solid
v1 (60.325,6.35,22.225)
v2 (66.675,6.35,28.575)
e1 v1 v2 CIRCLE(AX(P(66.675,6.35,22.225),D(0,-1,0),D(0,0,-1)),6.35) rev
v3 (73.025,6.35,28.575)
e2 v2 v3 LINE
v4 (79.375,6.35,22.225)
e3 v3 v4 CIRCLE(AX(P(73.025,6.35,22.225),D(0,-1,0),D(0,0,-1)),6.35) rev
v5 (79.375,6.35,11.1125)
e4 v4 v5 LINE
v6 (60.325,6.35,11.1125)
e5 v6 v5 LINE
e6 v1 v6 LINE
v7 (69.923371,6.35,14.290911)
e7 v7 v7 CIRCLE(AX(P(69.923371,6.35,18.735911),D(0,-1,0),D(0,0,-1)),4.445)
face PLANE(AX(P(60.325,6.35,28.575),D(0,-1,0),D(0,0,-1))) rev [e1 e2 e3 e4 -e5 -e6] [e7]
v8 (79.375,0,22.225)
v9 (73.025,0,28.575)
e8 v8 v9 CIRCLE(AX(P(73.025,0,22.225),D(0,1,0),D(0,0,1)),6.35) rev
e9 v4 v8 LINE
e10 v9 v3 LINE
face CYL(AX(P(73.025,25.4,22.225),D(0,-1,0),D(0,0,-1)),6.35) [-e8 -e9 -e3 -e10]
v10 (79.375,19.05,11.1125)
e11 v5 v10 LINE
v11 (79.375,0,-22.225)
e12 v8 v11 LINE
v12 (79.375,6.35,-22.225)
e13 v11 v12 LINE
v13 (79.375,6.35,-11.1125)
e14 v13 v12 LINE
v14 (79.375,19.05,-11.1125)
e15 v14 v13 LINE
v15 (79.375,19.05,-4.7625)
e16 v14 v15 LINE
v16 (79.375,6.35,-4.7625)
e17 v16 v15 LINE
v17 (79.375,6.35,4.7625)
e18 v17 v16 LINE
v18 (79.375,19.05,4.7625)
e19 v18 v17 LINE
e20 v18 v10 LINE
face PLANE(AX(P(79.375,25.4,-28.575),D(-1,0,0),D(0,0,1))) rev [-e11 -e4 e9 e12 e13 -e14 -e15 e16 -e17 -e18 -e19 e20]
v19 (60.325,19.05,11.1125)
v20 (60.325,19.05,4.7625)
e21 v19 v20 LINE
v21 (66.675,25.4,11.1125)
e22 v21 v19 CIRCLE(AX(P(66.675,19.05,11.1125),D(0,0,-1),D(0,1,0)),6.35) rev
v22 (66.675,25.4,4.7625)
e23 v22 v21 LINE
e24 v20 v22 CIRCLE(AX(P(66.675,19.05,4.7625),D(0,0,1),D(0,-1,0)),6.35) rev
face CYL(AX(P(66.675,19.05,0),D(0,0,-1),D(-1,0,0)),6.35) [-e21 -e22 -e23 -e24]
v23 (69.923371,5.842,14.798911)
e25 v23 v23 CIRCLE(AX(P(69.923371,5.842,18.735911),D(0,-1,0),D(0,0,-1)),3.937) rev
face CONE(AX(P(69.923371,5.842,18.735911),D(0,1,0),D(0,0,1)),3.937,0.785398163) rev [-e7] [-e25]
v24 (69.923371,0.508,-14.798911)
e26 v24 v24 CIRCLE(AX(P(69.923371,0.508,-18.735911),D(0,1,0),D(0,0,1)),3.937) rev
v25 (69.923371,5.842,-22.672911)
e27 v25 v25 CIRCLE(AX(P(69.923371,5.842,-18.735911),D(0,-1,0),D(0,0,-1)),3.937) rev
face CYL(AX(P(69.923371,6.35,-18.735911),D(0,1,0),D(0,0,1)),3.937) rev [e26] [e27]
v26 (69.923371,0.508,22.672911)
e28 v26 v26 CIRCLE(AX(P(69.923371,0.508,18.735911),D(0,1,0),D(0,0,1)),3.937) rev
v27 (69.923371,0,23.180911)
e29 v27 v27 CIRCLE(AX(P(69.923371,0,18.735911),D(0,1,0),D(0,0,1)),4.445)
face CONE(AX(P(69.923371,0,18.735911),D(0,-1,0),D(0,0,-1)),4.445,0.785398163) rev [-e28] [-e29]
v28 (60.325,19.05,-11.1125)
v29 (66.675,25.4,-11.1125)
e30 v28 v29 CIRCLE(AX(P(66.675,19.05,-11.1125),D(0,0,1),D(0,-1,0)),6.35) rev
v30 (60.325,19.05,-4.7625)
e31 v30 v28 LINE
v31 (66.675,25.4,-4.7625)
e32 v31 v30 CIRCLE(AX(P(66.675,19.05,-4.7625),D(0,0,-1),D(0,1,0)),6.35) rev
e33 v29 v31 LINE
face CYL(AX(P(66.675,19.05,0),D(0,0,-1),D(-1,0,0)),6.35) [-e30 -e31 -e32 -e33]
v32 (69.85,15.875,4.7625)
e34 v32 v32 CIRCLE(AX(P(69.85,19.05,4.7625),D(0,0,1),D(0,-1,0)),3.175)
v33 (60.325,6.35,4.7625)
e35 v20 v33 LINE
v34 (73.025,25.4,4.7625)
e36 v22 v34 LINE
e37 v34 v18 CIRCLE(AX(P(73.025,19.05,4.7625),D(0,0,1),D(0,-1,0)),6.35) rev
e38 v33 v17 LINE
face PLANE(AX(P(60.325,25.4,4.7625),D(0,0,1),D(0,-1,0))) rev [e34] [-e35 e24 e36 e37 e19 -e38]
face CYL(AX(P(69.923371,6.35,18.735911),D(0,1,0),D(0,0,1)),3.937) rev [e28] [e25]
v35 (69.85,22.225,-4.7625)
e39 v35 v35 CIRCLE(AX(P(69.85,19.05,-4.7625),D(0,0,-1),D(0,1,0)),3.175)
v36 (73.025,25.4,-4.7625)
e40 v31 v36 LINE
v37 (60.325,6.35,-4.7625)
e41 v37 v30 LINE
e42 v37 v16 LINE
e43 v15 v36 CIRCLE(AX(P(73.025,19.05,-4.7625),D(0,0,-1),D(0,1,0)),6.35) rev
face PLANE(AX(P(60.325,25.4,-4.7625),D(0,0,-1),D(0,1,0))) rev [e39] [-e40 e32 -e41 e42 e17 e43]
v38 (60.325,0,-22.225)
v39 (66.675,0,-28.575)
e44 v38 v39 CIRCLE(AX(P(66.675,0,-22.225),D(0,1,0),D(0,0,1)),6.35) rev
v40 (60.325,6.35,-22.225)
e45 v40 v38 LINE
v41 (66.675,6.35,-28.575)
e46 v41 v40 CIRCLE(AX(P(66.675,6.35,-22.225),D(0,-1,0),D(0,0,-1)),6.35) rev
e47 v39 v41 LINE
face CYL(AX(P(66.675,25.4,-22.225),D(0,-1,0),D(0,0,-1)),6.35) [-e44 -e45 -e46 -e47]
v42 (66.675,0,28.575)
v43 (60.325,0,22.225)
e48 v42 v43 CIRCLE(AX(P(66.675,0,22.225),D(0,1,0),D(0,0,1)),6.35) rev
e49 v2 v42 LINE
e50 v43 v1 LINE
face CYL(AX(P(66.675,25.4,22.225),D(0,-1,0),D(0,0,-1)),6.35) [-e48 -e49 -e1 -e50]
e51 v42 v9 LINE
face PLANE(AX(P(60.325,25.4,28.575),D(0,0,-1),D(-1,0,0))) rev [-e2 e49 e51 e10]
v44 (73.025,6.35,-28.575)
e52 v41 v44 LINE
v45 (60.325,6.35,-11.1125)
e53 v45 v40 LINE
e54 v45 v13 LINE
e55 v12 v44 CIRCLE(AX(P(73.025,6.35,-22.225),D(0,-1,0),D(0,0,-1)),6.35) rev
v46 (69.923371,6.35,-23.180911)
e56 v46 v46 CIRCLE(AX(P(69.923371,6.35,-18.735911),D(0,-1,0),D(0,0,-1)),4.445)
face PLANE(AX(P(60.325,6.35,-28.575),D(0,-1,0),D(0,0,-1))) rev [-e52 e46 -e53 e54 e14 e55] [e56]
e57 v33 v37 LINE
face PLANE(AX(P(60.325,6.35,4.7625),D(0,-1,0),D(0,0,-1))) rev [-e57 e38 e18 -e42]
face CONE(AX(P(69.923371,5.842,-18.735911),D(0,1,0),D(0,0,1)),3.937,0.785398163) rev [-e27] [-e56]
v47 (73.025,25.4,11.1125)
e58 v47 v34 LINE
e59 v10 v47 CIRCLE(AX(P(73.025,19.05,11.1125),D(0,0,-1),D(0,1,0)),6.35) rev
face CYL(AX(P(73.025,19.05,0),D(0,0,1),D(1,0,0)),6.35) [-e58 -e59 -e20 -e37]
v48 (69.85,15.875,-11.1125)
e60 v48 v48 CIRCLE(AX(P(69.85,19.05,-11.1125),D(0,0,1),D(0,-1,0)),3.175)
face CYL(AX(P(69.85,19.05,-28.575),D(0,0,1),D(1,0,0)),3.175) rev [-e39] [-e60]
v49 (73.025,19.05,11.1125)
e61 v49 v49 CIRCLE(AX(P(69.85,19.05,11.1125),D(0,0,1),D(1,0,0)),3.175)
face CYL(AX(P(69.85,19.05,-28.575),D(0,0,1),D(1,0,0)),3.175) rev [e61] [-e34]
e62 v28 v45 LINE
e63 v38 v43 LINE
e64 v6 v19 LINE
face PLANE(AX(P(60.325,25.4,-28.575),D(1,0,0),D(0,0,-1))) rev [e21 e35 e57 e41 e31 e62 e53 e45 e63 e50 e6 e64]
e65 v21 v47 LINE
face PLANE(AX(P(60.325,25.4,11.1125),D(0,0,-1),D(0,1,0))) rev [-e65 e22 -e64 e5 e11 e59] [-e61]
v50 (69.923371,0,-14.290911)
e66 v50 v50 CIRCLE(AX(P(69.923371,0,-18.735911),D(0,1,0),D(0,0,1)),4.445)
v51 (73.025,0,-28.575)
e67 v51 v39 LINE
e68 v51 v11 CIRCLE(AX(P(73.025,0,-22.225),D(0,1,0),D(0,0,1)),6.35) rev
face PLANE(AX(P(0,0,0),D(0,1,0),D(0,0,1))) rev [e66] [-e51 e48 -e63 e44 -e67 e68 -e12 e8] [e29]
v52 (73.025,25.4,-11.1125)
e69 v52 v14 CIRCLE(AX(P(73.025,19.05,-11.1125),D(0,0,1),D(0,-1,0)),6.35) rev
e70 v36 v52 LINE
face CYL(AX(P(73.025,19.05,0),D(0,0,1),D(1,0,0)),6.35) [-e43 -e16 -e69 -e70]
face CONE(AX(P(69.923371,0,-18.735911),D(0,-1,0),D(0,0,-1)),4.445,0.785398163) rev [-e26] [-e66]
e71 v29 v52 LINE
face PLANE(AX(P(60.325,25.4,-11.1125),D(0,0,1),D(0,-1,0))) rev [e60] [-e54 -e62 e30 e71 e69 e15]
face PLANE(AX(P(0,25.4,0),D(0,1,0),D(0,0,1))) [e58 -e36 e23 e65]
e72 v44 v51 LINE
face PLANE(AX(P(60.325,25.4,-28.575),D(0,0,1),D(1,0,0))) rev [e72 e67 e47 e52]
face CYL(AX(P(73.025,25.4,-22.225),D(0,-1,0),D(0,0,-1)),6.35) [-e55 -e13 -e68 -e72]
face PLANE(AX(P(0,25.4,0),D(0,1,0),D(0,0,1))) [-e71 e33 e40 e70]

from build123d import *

# Parameters (mm, degrees)
SKETCH1_W           = 19.05
SKETCH1_H           = 57.15
BOSS_EXTRUDE1_DEPTH = 25.4
SKETCH2_W           = 17.4625
SKETCH2_H           = 19.05
SKETCH2_W_2         = 9.525
CUT_EXTRUDE1_DEPTH  = 20.05
SKETCH9_R           = 3.175
CUT_EXTRUDE3_DEPTH  = 40.6875
FILLET1_R           = 6.35
HOLE1_D             = 7.874
CHAMFER1_SIZE       = 0.508


with BuildPart() as part:
    # Sketch1 → Boss-Extrude1 (new body)
    with BuildSketch(Plane(origin=(0, 0, 0), x_dir=(1, 0, 0), z_dir=(0, 1, 0))):
        with Locations((69.85, 0)):
            Rectangle(SKETCH1_W, SKETCH1_H)
    extrude(amount=BOSS_EXTRUDE1_DEPTH)

    # Sketch2 → Cut-Extrude1 (cut, through all)
    with BuildSketch(Plane(origin=(79.375, 0, 0), x_dir=(0, 0, -1), z_dir=(1, 0, 0))):
        with Locations((-19.84375, 15.875)):
            Rectangle(SKETCH2_W, SKETCH2_H)
        with Locations((0, 15.875)):
            Rectangle(SKETCH2_W_2, SKETCH2_H)
        with Locations((19.84375, 15.875)):
            Rectangle(SKETCH2_W, SKETCH2_H)
    extrude(amount=-CUT_EXTRUDE1_DEPTH, mode=Mode.SUBTRACT)

    # Sketch9 → Cut-Extrude3 (cut, through all)
    with BuildSketch(Plane.XY.offset(11.1125)):
        with Locations((69.85, 19.05)):
            Circle(SKETCH9_R)
    extrude(amount=-CUT_EXTRUDE3_DEPTH, mode=Mode.SUBTRACT)

    # Fillet1
    fillet1_edges = [part.edges().sort_by_distance(p)[0] for p in [
        (79.375, 25.4, 7.9375),
        (79.375, 3.175, 28.575),
        (60.325, 3.175, 28.575),
        (79.375, 25.4, -7.9375),
        (60.325, 25.4, -7.9375),
        (60.325, 25.4, 7.9375),
        (60.325, 3.175, -28.575),
        (79.375, 3.175, -28.575),
    ]]
    fillet(fillet1_edges, radius=FILLET1_R)

    # Hole1 (through all)
    with Locations(Plane(origin=(0, 6.35, 0), x_dir=(1, 0, 0), z_dir=(0, 1, 0))):
        with Locations((69.923370565, 18.735910675), (69.923370565, -18.735910675)):
            Hole(HOLE1_D / 2)

    # Chamfer1
    chamfer1_edges = [part.edges().sort_by_distance(p)[0] for p in [
        (73.860370565, 6.35, 18.735910675),
        (73.860370565, 0, 18.735910675),
        (73.860370565, 6.35, -18.735910675),
        (73.860370565, 0, -18.735910675),
    ]]
    chamfer(chamfer1_edges, length=CHAMFER1_SIZE)


solid = part.part
